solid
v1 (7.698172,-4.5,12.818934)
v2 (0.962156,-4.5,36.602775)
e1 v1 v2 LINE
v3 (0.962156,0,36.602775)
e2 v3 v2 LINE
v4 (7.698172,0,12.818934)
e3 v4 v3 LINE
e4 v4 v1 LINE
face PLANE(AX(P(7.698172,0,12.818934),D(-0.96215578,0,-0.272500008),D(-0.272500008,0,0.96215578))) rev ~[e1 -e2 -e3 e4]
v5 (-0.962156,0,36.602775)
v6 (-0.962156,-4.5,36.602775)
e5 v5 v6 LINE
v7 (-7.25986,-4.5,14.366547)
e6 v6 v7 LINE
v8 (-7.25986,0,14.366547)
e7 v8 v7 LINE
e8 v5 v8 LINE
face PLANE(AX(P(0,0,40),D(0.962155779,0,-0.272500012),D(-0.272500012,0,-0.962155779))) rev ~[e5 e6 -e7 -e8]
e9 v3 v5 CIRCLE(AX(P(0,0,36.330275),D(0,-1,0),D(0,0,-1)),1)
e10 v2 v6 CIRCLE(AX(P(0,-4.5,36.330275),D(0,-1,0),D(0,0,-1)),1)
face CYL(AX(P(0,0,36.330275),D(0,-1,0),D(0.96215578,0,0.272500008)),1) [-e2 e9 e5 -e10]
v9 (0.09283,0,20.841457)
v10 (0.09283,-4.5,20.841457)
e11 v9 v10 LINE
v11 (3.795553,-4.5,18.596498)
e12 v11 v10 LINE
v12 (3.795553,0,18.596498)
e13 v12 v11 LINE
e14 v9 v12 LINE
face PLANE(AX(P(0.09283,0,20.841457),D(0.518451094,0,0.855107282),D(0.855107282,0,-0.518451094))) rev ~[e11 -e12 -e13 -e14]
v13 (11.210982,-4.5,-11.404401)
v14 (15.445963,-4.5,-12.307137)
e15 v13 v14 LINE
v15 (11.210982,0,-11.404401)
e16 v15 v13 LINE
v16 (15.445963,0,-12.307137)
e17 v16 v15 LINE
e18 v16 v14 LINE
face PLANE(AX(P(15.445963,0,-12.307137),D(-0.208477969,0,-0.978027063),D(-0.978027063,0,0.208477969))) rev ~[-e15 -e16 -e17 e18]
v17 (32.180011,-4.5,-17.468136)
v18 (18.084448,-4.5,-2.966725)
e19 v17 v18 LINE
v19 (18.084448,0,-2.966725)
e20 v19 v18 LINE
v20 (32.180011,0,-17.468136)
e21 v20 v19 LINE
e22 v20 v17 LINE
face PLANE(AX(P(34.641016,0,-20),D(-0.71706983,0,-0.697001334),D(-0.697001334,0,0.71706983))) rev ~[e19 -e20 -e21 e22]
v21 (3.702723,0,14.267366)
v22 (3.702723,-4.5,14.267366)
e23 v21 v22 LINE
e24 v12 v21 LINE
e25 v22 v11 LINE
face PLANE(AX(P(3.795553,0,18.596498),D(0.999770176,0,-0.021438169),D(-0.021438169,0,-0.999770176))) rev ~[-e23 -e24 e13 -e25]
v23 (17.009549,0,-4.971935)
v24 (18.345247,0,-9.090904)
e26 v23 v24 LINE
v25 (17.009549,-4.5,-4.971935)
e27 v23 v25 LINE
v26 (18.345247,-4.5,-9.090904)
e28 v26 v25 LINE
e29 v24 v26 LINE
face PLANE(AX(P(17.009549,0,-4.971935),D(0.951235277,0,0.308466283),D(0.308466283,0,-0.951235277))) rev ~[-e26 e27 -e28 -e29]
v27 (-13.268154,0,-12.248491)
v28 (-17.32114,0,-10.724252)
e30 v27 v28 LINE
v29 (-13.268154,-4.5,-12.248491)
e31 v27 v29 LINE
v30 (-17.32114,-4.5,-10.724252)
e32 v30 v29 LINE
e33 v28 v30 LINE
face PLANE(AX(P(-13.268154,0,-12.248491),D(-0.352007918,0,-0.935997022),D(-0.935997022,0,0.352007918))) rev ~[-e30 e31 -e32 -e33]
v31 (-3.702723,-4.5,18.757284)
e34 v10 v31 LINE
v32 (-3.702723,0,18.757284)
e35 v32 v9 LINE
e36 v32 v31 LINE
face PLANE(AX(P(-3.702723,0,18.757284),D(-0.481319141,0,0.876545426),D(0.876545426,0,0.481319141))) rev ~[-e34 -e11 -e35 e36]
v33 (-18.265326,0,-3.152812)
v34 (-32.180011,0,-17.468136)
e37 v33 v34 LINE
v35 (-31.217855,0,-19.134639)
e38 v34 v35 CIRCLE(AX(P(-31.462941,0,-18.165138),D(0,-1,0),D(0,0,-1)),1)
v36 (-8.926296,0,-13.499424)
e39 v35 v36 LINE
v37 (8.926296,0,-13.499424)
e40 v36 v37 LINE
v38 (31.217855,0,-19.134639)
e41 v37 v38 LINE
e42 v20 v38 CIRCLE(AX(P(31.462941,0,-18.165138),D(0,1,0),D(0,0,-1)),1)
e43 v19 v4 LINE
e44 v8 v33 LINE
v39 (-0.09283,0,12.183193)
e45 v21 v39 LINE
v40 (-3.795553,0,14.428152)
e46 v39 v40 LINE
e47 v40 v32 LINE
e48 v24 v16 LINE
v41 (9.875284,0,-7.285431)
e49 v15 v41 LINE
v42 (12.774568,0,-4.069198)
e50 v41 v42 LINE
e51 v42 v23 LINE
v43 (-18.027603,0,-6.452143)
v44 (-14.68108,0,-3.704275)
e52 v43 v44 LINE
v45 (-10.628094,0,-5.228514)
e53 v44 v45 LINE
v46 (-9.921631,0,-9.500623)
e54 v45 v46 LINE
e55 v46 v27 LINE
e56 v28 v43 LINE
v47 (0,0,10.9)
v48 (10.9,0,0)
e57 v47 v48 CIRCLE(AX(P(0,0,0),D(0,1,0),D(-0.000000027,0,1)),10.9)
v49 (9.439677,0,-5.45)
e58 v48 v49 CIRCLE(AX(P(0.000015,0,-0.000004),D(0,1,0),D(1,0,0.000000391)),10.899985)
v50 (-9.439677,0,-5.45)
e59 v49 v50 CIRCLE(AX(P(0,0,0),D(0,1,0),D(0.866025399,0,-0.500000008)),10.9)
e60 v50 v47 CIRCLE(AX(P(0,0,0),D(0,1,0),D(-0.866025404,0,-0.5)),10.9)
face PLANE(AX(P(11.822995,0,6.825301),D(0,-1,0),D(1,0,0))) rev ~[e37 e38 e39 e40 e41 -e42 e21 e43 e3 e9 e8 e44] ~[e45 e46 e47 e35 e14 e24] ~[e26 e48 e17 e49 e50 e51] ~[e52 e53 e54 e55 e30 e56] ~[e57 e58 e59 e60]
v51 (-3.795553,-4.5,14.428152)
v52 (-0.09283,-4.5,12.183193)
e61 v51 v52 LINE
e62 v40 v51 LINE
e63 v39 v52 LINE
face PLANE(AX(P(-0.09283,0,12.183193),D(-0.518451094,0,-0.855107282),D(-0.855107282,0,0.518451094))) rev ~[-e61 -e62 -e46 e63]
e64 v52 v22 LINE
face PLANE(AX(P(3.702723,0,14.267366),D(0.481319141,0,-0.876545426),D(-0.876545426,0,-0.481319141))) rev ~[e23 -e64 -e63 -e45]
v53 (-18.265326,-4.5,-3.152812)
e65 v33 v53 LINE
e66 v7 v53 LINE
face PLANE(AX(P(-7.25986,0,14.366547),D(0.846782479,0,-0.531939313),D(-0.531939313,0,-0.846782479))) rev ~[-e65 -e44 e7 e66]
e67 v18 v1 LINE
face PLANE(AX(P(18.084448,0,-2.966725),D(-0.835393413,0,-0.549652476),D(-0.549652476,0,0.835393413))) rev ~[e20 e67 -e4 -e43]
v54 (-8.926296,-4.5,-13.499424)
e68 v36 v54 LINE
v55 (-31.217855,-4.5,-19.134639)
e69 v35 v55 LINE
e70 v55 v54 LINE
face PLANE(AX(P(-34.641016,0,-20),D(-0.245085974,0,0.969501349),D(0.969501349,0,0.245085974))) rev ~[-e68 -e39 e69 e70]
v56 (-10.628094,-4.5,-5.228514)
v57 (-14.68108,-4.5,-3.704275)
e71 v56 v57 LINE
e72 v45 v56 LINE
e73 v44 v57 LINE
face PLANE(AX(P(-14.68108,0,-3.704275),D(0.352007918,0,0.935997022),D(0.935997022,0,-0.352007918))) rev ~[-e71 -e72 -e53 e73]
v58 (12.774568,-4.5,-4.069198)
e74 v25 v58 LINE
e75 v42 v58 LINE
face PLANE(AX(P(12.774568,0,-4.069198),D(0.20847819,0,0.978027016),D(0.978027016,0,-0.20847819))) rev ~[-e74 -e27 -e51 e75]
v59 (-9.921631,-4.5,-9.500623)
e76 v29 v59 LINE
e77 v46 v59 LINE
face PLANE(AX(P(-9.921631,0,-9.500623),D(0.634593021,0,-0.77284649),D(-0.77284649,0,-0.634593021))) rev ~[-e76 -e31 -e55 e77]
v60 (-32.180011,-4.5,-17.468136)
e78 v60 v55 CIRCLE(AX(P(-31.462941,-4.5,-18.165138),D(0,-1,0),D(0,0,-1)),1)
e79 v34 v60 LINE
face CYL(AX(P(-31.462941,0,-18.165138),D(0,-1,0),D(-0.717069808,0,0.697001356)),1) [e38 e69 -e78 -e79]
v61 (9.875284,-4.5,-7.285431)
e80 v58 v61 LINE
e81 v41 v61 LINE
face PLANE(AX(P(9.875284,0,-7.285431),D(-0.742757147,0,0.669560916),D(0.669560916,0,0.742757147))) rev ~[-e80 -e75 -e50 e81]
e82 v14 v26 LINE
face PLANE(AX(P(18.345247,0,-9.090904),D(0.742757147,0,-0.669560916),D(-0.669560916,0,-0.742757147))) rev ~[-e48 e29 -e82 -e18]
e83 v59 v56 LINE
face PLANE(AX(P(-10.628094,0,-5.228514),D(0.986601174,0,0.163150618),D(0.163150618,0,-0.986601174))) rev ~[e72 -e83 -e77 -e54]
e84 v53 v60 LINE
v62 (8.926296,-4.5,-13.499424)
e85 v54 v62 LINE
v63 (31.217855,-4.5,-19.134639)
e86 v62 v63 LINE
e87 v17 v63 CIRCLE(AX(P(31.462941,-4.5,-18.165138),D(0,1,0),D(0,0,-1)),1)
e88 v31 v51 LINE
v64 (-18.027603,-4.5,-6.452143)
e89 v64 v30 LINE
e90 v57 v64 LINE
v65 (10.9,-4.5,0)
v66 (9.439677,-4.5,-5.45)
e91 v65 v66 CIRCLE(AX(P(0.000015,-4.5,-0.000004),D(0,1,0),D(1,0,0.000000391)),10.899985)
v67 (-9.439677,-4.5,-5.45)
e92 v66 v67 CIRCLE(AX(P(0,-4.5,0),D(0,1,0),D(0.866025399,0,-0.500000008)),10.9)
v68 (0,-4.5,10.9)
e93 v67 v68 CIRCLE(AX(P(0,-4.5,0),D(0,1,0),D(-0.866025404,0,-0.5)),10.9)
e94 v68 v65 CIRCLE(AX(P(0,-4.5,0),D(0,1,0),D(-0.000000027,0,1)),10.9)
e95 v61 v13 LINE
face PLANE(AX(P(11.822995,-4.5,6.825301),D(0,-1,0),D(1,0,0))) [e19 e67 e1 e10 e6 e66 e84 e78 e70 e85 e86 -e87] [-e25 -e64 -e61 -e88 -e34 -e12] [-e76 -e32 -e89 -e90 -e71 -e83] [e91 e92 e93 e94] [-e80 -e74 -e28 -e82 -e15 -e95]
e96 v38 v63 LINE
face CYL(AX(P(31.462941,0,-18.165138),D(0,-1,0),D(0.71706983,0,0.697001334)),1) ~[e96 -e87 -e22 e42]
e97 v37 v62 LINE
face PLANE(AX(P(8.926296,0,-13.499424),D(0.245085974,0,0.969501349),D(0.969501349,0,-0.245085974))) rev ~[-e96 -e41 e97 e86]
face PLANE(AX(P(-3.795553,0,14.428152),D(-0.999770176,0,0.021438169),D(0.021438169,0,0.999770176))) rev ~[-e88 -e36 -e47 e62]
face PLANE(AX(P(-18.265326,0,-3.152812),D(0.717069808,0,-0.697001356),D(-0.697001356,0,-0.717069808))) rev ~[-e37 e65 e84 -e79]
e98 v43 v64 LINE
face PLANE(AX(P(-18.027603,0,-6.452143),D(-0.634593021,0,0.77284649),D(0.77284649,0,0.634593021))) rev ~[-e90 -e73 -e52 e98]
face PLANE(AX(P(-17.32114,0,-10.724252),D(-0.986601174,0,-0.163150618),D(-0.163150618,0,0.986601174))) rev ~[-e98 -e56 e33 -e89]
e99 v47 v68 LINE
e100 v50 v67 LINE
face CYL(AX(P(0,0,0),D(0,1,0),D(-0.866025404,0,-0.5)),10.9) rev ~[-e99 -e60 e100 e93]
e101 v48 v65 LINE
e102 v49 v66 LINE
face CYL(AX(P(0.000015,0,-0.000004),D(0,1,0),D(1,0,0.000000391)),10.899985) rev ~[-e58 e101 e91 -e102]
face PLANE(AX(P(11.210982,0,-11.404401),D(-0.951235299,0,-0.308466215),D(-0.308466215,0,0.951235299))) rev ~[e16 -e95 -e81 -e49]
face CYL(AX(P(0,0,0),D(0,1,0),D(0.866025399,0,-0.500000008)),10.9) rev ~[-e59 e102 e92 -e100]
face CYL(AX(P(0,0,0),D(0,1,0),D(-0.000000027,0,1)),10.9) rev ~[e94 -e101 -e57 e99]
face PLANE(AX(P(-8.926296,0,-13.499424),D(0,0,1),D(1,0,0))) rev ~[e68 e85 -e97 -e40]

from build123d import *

# Parameters (mm, degrees)
F1_DEPTH = 4.5
F2_R     = 1
F4_DEPTH = 25


with BuildPart() as f1:
    # F0 (on Front) → F1 (new body)
    with BuildSketch(Plane.XZ):
        with BuildLine():
            ThreePointArc((0, 10.9), (7.707464, 7.707464), (10.9, 0))
            ThreePointArc((10.9, 0), (10.528592, -2.821128), (9.439677, -5.45))
            Line((9.439677, -5.45), (34.641016, -20))
            Line((34.641016, -20), (18.084448, -2.966725))
            Line((18.084448, -2.966725), (7.698172, 12.818934))
            Line((7.698172, 12.818934), (0, 40))
            Line((0, 40), (0, 10.9))
        make_face()
        with BuildLine():
            ThreePointArc((-9.439677, -5.45), (-9.439677, 5.45), (0, 10.9))
            Line((0, 10.9), (0, 40))
            Line((0, 40), (-7.25986, 14.366547))
            Line((-7.25986, 14.366547), (-18.265326, -3.152812))
            Line((-18.265326, -3.152812), (-34.641016, -20))
            Line((-34.641016, -20), (-9.439677, -5.45))
        make_face()
        with BuildLine():
            Line((34.641016, -20), (9.439677, -5.45))
            ThreePointArc((9.439677, -5.45), (0, -10.9), (-9.439677, -5.45))
            Line((-9.439677, -5.45), (-34.641016, -20))
            Line((-34.641016, -20), (-8.926296, -13.499424))
            Line((-8.926296, -13.499424), (8.926296, -13.499424))
            Line((8.926296, -13.499424), (34.641016, -20))
        make_face()
    extrude(amount=F1_DEPTH)

    # F2
    f2_edges = [f1.edges().sort_by_distance(p)[0] for p in [
        (0, -2.25, 40),
        (34.641016, -2.25, -20),
        (-34.641016, -2.25, -20),
    ]]
    fillet(f2_edges, radius=F2_R)

    # F3 (on face) → F4 (cut)
    with BuildSketch(Plane(origin=(0, 0, 0), x_dir=(-1, 0, 0), z_dir=(0, 1, 0))):
        Polygon((-11.210982, -11.404401), (-9.875284, -7.285431), (-12.774568, -4.069198), (-17.009549, -4.971935), (-18.345247, -9.090904), (-15.445963, -12.307137), align=None)
        Polygon((17.32114, -10.724252), (18.027603, -6.452143), (14.68108, -3.704275), (10.628094, -5.228514), (9.921631, -9.500623), (13.268154, -12.248491), align=None)
        Polygon((0.09283, 12.183193), (3.795553, 14.428152), (3.702723, 18.757284), (-0.09283, 20.841457), (-3.795553, 18.596498), (-3.702723, 14.267366), align=None)
    extrude(amount=-F4_DEPTH, mode=Mode.SUBTRACT)


solid = f1.part
